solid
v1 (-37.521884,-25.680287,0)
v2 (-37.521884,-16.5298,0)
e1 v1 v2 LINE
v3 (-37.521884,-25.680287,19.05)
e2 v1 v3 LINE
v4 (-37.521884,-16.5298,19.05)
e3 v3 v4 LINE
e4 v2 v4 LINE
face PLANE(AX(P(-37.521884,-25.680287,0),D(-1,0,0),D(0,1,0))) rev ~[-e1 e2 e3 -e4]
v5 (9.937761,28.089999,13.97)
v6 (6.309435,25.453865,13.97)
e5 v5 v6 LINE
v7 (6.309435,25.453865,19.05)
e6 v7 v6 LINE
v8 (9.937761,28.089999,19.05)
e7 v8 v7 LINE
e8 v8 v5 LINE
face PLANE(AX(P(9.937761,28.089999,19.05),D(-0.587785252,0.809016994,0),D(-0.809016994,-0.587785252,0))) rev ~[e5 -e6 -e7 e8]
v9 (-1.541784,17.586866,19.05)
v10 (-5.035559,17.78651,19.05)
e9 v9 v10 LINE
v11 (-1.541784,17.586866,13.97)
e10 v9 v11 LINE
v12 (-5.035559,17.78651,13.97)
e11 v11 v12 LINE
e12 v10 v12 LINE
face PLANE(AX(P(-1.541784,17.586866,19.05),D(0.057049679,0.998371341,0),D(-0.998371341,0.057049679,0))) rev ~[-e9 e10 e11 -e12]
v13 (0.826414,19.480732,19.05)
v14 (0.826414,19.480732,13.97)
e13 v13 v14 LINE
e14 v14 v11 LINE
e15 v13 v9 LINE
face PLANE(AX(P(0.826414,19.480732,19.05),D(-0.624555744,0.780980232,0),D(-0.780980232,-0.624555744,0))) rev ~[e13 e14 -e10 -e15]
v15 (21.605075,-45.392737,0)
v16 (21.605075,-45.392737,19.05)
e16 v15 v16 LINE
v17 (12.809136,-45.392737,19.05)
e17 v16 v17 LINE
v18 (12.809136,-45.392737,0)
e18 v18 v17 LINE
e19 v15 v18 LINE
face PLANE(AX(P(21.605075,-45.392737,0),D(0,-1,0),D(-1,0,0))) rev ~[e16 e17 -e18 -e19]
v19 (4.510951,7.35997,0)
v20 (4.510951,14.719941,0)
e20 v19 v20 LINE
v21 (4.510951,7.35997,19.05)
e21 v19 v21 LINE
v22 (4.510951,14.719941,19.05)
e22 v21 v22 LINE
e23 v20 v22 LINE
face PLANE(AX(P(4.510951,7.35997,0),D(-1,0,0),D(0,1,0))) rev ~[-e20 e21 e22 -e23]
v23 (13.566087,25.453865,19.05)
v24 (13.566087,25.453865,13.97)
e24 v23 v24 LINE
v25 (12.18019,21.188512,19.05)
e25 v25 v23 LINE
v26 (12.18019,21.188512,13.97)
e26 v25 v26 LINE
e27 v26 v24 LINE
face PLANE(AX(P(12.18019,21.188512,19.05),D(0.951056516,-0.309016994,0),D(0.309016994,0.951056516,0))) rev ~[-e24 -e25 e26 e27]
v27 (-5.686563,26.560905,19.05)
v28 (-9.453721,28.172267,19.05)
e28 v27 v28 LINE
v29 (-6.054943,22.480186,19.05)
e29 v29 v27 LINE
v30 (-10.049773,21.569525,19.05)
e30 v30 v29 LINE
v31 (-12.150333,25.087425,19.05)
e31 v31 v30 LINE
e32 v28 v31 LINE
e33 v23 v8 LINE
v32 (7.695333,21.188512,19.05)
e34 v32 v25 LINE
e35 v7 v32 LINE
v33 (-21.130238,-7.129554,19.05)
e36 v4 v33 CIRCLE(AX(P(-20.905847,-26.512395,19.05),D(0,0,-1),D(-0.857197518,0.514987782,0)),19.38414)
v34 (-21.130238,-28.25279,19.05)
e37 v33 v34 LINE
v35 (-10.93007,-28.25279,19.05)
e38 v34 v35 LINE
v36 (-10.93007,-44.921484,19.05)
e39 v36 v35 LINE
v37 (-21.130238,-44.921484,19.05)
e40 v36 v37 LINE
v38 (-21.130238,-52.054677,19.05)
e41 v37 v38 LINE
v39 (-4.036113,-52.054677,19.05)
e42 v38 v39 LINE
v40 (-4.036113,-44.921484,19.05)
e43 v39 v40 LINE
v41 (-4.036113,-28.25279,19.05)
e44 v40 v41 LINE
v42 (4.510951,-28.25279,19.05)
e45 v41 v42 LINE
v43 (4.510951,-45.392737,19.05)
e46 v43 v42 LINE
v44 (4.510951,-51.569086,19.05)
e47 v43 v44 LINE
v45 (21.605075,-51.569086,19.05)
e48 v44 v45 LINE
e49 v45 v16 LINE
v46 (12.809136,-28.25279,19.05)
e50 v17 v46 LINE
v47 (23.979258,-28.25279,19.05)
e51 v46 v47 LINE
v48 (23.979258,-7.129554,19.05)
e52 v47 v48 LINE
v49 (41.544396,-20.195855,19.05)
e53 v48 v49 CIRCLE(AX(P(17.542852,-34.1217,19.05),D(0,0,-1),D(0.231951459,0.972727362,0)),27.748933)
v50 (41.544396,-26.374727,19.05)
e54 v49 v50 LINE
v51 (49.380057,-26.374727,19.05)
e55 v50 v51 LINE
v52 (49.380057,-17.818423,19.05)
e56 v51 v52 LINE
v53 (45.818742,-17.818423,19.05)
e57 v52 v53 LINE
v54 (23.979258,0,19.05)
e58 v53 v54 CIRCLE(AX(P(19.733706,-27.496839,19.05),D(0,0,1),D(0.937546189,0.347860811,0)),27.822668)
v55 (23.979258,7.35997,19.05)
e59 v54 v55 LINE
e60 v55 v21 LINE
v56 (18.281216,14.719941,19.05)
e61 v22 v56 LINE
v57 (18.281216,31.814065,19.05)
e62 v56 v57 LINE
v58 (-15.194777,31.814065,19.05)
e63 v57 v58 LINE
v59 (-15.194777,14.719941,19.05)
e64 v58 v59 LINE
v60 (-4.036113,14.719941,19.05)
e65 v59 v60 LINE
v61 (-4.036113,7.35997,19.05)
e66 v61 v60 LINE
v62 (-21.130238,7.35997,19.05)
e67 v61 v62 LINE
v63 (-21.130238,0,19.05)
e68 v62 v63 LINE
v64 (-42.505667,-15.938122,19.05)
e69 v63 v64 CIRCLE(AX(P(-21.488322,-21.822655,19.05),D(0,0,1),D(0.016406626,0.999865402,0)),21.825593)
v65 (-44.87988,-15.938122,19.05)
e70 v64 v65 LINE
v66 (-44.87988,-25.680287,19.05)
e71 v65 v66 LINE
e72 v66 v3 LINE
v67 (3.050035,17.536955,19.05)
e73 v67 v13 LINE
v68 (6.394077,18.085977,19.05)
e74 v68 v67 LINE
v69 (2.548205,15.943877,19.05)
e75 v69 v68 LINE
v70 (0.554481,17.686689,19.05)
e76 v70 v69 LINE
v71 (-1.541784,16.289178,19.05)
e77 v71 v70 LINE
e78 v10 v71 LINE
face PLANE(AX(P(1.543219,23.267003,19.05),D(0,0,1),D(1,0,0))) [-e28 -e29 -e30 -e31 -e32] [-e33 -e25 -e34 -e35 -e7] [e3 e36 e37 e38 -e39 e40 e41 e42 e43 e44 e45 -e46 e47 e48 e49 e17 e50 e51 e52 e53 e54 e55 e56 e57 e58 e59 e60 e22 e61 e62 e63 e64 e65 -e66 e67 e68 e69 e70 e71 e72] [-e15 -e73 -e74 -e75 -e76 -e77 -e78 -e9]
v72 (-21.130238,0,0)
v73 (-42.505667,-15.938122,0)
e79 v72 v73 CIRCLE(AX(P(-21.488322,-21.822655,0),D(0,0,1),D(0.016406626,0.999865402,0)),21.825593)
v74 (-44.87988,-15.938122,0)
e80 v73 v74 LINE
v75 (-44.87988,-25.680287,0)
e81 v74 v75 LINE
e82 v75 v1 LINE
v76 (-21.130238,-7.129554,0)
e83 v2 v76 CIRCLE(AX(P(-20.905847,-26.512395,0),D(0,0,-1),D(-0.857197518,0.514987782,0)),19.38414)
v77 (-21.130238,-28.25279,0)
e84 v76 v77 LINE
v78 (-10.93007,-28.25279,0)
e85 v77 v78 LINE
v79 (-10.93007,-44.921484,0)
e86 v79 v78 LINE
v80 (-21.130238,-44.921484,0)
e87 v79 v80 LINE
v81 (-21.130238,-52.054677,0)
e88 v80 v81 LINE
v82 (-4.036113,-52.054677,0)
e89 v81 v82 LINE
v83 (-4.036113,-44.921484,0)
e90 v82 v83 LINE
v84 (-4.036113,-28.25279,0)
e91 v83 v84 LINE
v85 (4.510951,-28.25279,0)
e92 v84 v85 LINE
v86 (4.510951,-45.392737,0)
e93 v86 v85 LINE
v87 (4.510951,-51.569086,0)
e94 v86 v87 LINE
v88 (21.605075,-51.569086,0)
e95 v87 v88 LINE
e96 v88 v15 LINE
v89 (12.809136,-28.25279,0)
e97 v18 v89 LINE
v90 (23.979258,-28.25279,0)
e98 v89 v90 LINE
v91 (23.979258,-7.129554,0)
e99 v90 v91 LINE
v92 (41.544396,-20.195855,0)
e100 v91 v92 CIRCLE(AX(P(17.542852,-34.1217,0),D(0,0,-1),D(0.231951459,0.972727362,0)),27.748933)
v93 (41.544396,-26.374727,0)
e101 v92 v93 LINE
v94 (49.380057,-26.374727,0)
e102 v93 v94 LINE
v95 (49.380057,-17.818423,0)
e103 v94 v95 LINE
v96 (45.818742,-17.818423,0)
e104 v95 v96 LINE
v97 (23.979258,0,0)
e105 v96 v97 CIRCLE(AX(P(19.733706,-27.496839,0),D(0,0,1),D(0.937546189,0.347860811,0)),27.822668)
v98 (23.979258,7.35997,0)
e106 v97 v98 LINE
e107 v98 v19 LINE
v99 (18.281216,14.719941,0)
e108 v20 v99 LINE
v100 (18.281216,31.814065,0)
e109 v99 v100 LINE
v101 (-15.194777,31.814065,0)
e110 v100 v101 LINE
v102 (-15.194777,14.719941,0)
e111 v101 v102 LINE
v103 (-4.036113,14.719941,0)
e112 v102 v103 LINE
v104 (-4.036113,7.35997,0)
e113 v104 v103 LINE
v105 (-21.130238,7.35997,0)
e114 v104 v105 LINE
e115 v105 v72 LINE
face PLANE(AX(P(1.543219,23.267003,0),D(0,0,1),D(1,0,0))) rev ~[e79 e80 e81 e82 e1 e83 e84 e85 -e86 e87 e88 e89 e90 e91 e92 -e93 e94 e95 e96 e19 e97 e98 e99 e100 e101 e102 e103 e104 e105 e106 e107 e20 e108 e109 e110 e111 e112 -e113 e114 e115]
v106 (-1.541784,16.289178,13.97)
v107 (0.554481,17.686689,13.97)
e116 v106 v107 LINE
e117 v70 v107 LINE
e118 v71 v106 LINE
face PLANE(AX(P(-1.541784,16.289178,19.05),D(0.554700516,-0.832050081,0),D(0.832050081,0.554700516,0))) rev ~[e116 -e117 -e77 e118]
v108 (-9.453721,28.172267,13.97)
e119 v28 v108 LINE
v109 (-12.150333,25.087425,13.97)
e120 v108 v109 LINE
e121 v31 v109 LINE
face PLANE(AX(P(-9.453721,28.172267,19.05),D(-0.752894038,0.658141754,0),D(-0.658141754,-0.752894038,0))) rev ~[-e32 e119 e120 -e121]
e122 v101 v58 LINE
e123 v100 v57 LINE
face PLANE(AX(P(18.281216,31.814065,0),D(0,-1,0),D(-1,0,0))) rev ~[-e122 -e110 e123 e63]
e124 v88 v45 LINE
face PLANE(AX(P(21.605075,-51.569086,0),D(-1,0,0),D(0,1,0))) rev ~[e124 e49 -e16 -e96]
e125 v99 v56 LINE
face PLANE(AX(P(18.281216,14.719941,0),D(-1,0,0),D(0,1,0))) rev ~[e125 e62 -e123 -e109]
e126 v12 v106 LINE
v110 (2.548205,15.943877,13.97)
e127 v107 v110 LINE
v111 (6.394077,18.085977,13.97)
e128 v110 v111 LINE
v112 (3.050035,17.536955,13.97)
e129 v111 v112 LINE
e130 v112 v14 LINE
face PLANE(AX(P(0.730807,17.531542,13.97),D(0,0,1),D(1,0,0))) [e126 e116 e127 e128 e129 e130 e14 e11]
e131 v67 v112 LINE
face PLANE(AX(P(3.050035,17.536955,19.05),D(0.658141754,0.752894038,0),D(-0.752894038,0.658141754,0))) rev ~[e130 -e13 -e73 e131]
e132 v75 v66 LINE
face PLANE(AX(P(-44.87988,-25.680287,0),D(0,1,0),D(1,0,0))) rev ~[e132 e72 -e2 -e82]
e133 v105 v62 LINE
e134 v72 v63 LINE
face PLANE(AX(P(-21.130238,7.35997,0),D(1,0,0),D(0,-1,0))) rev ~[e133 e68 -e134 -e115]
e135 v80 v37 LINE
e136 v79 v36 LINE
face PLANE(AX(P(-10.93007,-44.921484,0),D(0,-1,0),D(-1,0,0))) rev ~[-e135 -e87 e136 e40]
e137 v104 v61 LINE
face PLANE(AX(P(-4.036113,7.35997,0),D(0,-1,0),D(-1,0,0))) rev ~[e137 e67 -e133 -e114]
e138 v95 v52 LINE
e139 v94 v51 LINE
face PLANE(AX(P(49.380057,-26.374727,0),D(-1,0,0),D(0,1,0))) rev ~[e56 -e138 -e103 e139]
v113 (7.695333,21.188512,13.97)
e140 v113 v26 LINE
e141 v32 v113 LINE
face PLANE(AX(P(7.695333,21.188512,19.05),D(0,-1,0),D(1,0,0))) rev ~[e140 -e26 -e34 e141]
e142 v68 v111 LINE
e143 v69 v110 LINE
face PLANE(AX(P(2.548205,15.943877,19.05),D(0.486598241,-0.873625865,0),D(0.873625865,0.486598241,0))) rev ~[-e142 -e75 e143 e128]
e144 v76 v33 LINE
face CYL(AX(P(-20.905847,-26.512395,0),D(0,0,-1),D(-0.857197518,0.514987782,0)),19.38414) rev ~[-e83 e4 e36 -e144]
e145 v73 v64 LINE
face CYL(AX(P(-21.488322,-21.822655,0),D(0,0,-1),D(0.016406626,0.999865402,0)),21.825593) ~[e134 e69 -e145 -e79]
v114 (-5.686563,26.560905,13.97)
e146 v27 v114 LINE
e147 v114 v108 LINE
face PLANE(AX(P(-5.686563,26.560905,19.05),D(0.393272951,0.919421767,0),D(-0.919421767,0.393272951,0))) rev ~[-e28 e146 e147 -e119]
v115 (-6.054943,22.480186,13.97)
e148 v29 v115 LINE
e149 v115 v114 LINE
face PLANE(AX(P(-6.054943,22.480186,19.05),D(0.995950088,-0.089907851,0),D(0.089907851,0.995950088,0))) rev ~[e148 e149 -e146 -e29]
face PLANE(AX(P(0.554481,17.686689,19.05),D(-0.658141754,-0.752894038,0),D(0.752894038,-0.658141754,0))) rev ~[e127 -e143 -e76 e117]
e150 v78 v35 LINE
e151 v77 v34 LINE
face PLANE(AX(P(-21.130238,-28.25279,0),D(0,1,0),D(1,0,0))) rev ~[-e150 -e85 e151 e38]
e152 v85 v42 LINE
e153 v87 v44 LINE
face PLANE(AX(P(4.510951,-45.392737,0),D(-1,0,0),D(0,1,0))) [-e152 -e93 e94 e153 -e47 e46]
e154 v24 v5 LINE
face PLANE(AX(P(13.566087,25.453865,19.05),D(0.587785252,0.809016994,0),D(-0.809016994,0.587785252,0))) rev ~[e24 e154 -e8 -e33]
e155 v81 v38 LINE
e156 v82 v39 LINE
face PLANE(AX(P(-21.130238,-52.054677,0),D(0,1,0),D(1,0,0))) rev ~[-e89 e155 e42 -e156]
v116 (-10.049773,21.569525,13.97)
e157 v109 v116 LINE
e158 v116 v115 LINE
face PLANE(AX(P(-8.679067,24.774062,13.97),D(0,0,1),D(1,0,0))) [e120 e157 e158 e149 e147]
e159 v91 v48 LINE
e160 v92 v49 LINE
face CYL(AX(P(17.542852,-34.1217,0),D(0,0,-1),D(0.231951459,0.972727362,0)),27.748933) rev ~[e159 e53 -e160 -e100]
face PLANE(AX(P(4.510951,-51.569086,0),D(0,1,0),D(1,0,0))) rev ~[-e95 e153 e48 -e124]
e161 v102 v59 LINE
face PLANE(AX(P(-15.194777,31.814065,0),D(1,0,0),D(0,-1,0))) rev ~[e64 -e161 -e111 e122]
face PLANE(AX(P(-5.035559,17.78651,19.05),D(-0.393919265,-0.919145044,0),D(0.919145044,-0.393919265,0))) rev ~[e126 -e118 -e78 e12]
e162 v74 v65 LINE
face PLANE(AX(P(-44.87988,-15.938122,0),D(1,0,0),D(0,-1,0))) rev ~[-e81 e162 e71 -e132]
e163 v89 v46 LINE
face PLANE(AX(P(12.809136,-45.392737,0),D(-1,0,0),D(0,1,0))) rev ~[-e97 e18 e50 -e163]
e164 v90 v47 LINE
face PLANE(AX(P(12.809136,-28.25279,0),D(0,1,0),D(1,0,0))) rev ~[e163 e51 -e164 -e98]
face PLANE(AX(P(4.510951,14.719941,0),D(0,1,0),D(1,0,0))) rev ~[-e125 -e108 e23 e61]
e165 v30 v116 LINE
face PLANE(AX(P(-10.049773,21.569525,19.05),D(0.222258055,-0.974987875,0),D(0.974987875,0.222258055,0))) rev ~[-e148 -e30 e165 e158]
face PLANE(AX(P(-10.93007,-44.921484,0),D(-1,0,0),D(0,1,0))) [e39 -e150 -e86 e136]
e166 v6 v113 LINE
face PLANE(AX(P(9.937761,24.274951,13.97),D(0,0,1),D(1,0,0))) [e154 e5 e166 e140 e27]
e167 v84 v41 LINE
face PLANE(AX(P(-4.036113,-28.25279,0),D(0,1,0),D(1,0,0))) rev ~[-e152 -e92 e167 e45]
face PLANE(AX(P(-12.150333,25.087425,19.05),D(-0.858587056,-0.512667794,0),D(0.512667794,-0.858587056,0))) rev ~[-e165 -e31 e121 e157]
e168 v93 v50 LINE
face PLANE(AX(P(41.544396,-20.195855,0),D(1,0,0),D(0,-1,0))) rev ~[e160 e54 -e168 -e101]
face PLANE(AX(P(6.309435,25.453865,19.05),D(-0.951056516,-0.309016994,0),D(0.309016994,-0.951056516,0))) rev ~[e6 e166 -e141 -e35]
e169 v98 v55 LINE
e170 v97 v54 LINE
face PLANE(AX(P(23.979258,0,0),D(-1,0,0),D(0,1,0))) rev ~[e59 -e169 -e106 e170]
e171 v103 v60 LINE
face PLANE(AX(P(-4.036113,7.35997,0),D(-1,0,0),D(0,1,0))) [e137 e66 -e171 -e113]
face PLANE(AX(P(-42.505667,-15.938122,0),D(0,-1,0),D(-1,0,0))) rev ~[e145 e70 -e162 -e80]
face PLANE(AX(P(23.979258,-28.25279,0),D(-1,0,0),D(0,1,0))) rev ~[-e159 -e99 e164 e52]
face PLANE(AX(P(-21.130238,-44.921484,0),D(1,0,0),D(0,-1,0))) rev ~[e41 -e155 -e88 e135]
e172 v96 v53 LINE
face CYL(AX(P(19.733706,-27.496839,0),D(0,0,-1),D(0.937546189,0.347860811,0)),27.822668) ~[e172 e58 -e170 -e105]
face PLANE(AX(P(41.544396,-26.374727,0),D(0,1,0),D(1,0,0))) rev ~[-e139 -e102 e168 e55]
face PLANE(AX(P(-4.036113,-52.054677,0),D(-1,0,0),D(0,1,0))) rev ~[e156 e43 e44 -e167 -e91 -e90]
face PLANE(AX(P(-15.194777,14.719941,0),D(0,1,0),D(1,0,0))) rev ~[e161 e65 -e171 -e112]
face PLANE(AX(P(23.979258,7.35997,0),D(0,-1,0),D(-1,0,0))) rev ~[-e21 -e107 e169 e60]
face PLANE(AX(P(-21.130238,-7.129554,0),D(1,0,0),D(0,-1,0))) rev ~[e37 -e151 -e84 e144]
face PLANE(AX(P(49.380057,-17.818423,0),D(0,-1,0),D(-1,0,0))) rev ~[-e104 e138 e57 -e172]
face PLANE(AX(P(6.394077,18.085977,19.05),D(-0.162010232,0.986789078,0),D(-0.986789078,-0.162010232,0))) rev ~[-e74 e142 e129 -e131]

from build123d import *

# Parameters (mm, degrees)
F0_W     = 8.5470639169
F0_H     = 7.359970361
F0_W_2   = 6.8939565681
F0_H_2   = 16.6686940938
F0_W_3   = 8.2981851883
F0_H_3   = 17.1399470419
F1_DEPTH = 19.05
F3_DEPTH = 5.08


with BuildPart() as f1:
    # F0 (on Top) → F1 (new body)
    with BuildSketch(Plane.XY):
        Polygon((18.2812158018, 31.8140648305), (-15.1947773993, 31.8140648305), (-15.1947773993, 14.719940722), (-4.0361131541, 14.719940722), (4.5109507628, 14.719940722), (18.2812158018, 14.719940722), align=None)
        with Locations((0.2374188043, 11.0399555415)):
            Rectangle(F0_W, F0_H)
        Polygon((4.5109507628, 7.359970361), (-4.0361131541, 7.359970361), (-21.1302377284, 7.359970361), (-21.1302377284, 0), (-21.1302377284, -7.1295537055), (-21.1302377284, -28.2527897507), (-10.9300697222, -28.2527897507), (-4.0361131541, -28.2527897507), (4.5109507628, -28.2527897507), (12.8091359511, -28.2527897507), (23.9792577922, -28.2527897507), (23.9792577922, -7.1295537055), (23.9792577922, 0), (23.9792577922, 7.359970361), align=None)
        with BuildLine():
            Line((-21.1302377284, -7.1295537055), (-21.1302377284, 0))
            ThreePointArc((-21.1302377284, 0), (-34.5346698302, -4.3255321606), (-42.5056666136, -15.9381218255))
            Line((-42.5056666136, -15.9381218255), (-37.5218838453, -15.9381218255))
            Line((-37.5218838453, -15.9381218255), (-37.5218838453, -16.5297995395))
            ThreePointArc((-37.5218838453, -16.5297995395), (-30.5490392323, -9.6971121939), (-21.1302377284, -7.1295537055))
        make_face()
        with BuildLine():
            ThreePointArc((45.8187423646, -17.8184229881), (37.322344202, -5.9389942849), (23.9792577922, 0))
            Line((23.9792577922, 0), (23.9792577922, -7.1295537055))
            ThreePointArc((23.9792577922, -7.1295537055), (34.10483438, -11.8572882849), (41.5443964303, -20.1958548278))
            Line((41.5443964303, -20.1958548278), (41.5443964303, -17.8184229881))
            Line((41.5443964303, -17.8184229881), (45.8187423646, -17.8184229881))
        make_face()
        Polygon((-37.5218838453, -15.9381218255), (-42.5056666136, -15.9381218255), (-44.8798798025, -15.9381218255), (-44.8798798025, -25.6802868098), (-37.5218838453, -25.6802868098), (-37.5218838453, -16.5297995395), align=None)
        Polygon((49.38005656, -17.8184229881), (45.8187423646, -17.8184229881), (41.5443964303, -17.8184229881), (41.5443964303, -20.1958548278), (41.5443964303, -26.3747274876), (49.38005656, -26.3747274876), align=None)
        with Locations((-7.4830914382, -36.5871367976)):
            Rectangle(F0_W_2, F0_H_2)
        with Locations((8.6600433569, -36.8227632716)):
            Rectangle(F0_W_3, F0_H_3)
        Polygon((-4.0361131541, -44.9214838445), (-10.9300697222, -44.9214838445), (-21.1302377284, -44.9214838445), (-21.1302377284, -52.0546771586), (-4.0361131541, -52.0546771586), align=None)
        Polygon((21.605075337, -45.3927367926), (12.8091359511, -45.3927367926), (4.5109507628, -45.3927367926), (4.5109507628, -51.5690855682), (21.605075337, -51.5690855682), align=None)
    extrude(amount=F1_DEPTH)

    # F2 (on face) → F3 (cut)
    with BuildSketch(Plane.XY.offset(19.05)):
        Polygon((7.695332592, 21.1885124445), (12.180190111, 21.1885124445), (13.5660873017, 25.4538654126), (9.9377613515, 28.0899985209), (6.3094354012, 25.4538654126), align=None)
        Polygon((-10.049773275, 21.5695253752), (-6.0549434062, 22.4801860498), (-5.6865628557, 26.5609046526), (-9.4537210236, 28.1722667731), (-12.1503333628, 25.0874247289), align=None)
        Polygon((-1.5417836839, 17.5868663937), (-5.0355587155, 17.7865102887), (-1.5417836839, 16.289178282), (0.5544810556, 17.6866892725), (2.5482052742, 15.9438767551), (6.3940766267, 18.0859770626), (3.0500346329, 17.5369549543), (0.8264136545, 19.4807315503), align=None)
    extrude(amount=-F3_DEPTH, mode=Mode.SUBTRACT)


solid = f1.part
